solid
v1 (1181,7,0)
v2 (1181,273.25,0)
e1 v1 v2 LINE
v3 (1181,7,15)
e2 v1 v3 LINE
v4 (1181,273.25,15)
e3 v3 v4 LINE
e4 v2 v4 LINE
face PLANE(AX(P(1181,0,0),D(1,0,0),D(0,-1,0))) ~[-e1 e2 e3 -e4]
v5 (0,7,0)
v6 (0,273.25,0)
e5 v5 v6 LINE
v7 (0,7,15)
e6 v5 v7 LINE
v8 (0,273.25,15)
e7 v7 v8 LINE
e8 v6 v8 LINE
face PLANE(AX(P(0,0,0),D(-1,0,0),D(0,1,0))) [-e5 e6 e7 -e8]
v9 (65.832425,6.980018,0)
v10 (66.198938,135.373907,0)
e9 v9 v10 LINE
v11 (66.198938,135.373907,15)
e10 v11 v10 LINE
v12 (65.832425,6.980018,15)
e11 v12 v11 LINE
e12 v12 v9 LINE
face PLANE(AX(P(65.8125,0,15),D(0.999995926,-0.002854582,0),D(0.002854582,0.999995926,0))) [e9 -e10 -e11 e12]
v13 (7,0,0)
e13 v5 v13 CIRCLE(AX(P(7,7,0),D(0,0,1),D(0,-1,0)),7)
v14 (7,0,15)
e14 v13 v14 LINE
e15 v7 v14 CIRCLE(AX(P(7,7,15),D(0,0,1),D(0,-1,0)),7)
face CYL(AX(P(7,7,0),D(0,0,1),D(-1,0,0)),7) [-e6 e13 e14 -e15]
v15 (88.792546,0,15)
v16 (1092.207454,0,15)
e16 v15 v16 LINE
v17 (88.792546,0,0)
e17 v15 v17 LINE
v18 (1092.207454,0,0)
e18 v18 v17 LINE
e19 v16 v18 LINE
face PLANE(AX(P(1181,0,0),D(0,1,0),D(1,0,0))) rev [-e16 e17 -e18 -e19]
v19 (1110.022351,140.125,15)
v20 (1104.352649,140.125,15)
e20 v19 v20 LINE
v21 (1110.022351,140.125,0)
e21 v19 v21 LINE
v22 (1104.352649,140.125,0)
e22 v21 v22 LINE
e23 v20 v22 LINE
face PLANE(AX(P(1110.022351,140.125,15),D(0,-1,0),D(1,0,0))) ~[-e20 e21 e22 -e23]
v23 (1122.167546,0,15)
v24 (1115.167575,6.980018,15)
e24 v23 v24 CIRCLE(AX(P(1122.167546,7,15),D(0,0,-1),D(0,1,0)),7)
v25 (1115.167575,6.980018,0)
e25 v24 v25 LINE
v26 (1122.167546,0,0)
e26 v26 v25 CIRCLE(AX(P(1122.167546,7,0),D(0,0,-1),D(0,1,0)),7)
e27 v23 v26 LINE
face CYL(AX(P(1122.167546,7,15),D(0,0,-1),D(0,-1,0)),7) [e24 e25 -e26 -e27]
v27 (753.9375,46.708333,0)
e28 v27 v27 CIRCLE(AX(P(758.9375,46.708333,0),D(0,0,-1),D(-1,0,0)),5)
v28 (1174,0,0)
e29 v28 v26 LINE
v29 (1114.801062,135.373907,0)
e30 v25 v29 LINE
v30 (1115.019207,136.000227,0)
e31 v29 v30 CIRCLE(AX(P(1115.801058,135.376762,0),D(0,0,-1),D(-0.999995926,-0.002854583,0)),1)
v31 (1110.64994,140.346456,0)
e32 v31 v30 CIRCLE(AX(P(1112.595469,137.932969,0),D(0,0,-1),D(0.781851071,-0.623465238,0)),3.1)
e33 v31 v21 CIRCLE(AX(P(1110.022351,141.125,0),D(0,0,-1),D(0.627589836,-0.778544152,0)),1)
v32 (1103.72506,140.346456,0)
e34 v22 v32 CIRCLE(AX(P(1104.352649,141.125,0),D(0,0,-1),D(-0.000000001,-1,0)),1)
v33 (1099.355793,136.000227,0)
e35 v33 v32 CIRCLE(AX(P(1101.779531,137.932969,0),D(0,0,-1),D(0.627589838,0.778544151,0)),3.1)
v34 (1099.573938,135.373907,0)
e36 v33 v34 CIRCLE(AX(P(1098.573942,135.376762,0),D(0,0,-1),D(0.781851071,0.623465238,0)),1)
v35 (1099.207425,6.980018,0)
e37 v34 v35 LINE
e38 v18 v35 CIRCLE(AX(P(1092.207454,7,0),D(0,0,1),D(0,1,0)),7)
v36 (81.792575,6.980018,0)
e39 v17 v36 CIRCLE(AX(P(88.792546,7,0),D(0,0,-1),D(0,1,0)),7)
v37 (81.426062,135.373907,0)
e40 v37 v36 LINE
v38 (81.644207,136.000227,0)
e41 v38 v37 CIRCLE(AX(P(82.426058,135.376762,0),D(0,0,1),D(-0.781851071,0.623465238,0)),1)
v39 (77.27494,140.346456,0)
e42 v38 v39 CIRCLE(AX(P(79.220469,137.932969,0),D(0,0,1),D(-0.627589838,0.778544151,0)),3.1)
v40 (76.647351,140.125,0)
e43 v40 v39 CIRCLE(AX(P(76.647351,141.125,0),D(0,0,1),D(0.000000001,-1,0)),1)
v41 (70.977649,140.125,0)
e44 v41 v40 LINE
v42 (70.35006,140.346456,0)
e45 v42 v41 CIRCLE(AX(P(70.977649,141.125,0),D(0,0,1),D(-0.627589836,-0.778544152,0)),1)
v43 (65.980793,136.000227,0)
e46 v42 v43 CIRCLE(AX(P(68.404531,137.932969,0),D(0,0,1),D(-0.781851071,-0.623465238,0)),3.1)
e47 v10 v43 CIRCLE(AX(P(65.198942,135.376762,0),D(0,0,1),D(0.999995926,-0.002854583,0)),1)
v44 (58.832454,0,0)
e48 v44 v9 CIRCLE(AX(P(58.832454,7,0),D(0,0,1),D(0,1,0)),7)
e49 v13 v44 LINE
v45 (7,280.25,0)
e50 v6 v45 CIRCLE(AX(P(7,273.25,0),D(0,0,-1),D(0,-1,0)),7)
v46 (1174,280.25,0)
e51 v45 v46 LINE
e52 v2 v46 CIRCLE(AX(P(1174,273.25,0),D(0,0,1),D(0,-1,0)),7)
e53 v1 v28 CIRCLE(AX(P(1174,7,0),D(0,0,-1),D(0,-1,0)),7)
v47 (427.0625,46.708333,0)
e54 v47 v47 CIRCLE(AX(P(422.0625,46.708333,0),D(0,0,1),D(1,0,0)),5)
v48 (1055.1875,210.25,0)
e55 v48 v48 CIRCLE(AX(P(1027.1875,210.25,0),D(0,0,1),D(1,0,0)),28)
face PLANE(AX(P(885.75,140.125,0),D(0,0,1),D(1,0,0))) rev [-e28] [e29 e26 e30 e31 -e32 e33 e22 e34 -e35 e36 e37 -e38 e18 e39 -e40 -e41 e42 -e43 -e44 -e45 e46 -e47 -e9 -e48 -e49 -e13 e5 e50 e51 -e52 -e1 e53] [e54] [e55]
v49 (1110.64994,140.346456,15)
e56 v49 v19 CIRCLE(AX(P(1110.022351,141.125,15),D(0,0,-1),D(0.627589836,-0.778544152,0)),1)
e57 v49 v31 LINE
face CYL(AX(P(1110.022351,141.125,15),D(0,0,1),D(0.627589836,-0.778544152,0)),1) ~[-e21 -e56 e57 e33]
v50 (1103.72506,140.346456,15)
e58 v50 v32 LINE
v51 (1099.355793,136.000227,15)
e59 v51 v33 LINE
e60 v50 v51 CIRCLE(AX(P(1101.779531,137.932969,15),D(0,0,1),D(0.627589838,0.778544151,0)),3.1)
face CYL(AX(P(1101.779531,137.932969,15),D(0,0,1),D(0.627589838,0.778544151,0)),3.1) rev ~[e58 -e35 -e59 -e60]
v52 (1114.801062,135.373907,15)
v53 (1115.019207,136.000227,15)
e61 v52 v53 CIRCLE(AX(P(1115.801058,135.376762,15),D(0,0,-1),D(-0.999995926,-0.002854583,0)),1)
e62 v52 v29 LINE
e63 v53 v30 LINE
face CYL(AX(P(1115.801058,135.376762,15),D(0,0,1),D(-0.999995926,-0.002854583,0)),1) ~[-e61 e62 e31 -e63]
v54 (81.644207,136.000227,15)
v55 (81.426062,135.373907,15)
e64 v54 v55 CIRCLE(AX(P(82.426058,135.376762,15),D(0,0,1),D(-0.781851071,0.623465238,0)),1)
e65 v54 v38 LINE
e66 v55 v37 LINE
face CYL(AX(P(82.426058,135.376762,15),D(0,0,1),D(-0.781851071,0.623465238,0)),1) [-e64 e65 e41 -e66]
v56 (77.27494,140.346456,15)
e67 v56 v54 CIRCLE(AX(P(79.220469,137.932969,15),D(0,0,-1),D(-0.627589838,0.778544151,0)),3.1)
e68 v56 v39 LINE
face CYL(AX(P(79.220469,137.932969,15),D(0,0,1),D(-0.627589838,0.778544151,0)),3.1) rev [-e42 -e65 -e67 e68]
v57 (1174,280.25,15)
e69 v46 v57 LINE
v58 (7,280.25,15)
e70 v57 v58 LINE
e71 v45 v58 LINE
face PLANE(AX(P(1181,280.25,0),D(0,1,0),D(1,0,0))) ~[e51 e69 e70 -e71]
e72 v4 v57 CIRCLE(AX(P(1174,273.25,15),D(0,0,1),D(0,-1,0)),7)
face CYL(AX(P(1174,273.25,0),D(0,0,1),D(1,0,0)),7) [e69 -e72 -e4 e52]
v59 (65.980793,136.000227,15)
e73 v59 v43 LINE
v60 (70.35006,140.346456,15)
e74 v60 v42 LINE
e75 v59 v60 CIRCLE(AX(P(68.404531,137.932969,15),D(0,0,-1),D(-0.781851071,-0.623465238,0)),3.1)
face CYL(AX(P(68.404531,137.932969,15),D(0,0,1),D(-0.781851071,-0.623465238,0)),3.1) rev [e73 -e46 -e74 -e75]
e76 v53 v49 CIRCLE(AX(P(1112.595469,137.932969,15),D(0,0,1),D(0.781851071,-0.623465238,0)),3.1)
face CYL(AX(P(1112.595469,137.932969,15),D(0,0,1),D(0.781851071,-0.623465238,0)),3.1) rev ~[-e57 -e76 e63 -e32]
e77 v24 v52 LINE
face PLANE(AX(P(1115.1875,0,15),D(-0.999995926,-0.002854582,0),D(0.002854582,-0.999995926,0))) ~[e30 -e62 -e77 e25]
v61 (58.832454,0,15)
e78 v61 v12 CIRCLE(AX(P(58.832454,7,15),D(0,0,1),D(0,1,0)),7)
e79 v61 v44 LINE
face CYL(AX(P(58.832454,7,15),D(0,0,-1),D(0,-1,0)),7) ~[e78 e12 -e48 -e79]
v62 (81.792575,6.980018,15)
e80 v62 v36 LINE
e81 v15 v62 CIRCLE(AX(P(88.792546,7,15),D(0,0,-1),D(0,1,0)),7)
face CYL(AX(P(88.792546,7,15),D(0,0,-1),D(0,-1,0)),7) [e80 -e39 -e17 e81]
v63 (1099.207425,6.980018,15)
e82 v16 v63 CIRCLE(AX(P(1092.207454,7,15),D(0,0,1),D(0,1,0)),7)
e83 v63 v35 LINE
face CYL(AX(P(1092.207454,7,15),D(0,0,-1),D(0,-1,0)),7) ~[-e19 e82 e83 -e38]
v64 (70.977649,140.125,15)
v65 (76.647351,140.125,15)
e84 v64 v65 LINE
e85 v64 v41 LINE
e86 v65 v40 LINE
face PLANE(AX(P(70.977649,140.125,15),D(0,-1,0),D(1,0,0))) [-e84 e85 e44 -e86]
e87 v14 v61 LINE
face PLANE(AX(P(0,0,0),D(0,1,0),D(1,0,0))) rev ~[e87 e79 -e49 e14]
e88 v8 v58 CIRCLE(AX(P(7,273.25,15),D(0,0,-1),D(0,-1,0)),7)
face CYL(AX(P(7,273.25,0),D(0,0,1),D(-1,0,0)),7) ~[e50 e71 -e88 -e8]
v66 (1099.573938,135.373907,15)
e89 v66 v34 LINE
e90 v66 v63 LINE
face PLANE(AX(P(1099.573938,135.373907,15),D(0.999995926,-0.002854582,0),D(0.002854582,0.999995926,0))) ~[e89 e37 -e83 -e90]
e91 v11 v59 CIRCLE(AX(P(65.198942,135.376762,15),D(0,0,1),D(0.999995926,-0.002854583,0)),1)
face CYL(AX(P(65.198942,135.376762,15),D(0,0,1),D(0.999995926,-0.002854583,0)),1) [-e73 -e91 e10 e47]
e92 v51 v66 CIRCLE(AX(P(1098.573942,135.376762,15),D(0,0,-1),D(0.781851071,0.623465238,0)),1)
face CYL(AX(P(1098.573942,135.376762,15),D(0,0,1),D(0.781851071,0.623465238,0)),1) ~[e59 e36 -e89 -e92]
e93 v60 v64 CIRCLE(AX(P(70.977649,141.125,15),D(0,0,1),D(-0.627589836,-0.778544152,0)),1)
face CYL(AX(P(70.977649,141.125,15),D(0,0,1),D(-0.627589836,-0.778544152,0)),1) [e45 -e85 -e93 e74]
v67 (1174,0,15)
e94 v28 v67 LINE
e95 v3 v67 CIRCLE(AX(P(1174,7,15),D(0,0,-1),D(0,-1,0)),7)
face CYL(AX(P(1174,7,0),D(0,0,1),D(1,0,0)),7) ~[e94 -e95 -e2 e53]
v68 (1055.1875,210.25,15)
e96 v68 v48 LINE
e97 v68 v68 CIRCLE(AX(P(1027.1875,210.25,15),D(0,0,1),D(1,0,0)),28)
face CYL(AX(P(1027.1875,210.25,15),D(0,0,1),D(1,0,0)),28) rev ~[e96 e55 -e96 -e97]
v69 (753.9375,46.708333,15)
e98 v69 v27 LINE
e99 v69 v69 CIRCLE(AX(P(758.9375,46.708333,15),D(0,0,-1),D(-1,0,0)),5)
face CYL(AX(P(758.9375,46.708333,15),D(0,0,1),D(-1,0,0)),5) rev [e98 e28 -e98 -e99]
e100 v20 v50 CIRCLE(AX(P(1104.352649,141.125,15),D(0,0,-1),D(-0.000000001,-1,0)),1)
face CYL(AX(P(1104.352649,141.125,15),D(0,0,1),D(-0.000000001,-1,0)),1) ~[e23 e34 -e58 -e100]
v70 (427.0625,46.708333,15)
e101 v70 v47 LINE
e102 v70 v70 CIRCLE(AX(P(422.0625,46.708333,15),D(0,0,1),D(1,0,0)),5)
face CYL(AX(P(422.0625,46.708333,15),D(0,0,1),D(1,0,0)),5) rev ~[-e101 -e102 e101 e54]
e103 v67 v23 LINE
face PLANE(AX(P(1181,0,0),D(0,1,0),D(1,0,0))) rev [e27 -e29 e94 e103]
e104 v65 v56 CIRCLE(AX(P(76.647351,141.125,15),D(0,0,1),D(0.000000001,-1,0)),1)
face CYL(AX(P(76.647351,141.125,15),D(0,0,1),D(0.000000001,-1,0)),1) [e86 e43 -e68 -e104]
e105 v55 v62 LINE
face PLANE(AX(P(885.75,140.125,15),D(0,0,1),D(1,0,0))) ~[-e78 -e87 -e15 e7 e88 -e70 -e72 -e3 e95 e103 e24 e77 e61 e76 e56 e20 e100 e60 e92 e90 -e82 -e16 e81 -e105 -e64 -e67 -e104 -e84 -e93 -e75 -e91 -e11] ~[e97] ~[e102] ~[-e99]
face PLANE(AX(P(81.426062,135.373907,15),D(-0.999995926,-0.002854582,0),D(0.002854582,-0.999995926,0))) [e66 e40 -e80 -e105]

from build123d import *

# Parameters (mm, degrees)
ESQUISSE1_W         = 590.5
ESQUISSE1_H         = 280.25
BOSS_EXTRUDE1_DEPTH = 15
CUT_EXTRUDE1_DEPTH  = 654.800667253
ESQUISSE3_R         = 5
CUT_EXTRUDE2_DEPTH  = 654.800667253
CONG_1_R            = 7
SKETCH1_R           = 28
CUT_EXTRUDE3_DEPTH  = 1214.888818014


with BuildPart() as part:
    # Esquisse1 → Boss-Extrude1 (new body)
    with BuildSketch(Plane.XY):
        with Locations((295.25, 140.125)):
            Rectangle(ESQUISSE1_W, ESQUISSE1_H)
    extrude(amount=BOSS_EXTRUDE1_DEPTH)

    # Esquisse2 → Cut-Extrude1 (cut, through all)
    with BuildSketch(Plane.XY.offset(15)):
        with BuildLine():
            Line((70.977649355, 140.125), (76.647350645, 140.125))
            ThreePointArc((76.647350645, 140.125), (76.980108702, 140.181987765), (77.274940482, 140.346455848))
            ThreePointArc((77.274940482, 140.346455848), (81.406698158, 140.130786526), (81.644207297, 136.00022674))
            ThreePointArc((81.644207297, 136.00022674), (81.481699427, 135.705678195), (81.426062442, 135.373906919))
            Line((81.426062442, 135.373906919), (81.8125, 0))
            Line((81.8125, 0), (65.8125, 0))
            Line((65.8125, 0), (66.198937558, 135.373906919))
            ThreePointArc((66.198937558, 135.373906919), (66.143300573, 135.705678195), (65.980792703, 136.00022674))
            ThreePointArc((65.980792703, 136.00022674), (66.218301842, 140.130786526), (70.350059518, 140.346455848))
            ThreePointArc((70.350059518, 140.346455848), (70.644891298, 140.181987765), (70.977649355, 140.125))
        make_face()
    extrude(amount=-CUT_EXTRUDE1_DEPTH, mode=Mode.SUBTRACT)

    # Esquisse3 → Cut-Extrude2 (cut, through all)
    with BuildSketch(Plane.XY.offset(15)):
        with Locations((422.0625, 46.708333333)):
            Circle(ESQUISSE3_R)
    extrude(amount=-CUT_EXTRUDE2_DEPTH, mode=Mode.SUBTRACT)

    # Cong_1
    cong_1_edges = [part.edges().sort_by_distance(p)[0] for p in [
        (81.8125, 0, 7.5),
        (65.8125, 0, 7.5),
        (0, 280.25, 7.5),
        (0, 0, 7.5),
    ]]
    fillet(cong_1_edges, radius=CONG_1_R)

    # Sym_trie1: part across plane


with BuildPart() as part_1:
    add(part.part)
    add(part.part.mirror(Plane(origin=(590.5, 0, 15), x_dir=(0, 0, 1), z_dir=(-1, 0, 0))))

    # Sketch1 → Cut-Extrude3 (cut, through all)
    with BuildSketch(Plane.XY.offset(15)):
        with Locations((1027.1875, 210.25)):
            Circle(SKETCH1_R)
    extrude(amount=-CUT_EXTRUDE3_DEPTH, mode=Mode.SUBTRACT)


solid = part_1.part
